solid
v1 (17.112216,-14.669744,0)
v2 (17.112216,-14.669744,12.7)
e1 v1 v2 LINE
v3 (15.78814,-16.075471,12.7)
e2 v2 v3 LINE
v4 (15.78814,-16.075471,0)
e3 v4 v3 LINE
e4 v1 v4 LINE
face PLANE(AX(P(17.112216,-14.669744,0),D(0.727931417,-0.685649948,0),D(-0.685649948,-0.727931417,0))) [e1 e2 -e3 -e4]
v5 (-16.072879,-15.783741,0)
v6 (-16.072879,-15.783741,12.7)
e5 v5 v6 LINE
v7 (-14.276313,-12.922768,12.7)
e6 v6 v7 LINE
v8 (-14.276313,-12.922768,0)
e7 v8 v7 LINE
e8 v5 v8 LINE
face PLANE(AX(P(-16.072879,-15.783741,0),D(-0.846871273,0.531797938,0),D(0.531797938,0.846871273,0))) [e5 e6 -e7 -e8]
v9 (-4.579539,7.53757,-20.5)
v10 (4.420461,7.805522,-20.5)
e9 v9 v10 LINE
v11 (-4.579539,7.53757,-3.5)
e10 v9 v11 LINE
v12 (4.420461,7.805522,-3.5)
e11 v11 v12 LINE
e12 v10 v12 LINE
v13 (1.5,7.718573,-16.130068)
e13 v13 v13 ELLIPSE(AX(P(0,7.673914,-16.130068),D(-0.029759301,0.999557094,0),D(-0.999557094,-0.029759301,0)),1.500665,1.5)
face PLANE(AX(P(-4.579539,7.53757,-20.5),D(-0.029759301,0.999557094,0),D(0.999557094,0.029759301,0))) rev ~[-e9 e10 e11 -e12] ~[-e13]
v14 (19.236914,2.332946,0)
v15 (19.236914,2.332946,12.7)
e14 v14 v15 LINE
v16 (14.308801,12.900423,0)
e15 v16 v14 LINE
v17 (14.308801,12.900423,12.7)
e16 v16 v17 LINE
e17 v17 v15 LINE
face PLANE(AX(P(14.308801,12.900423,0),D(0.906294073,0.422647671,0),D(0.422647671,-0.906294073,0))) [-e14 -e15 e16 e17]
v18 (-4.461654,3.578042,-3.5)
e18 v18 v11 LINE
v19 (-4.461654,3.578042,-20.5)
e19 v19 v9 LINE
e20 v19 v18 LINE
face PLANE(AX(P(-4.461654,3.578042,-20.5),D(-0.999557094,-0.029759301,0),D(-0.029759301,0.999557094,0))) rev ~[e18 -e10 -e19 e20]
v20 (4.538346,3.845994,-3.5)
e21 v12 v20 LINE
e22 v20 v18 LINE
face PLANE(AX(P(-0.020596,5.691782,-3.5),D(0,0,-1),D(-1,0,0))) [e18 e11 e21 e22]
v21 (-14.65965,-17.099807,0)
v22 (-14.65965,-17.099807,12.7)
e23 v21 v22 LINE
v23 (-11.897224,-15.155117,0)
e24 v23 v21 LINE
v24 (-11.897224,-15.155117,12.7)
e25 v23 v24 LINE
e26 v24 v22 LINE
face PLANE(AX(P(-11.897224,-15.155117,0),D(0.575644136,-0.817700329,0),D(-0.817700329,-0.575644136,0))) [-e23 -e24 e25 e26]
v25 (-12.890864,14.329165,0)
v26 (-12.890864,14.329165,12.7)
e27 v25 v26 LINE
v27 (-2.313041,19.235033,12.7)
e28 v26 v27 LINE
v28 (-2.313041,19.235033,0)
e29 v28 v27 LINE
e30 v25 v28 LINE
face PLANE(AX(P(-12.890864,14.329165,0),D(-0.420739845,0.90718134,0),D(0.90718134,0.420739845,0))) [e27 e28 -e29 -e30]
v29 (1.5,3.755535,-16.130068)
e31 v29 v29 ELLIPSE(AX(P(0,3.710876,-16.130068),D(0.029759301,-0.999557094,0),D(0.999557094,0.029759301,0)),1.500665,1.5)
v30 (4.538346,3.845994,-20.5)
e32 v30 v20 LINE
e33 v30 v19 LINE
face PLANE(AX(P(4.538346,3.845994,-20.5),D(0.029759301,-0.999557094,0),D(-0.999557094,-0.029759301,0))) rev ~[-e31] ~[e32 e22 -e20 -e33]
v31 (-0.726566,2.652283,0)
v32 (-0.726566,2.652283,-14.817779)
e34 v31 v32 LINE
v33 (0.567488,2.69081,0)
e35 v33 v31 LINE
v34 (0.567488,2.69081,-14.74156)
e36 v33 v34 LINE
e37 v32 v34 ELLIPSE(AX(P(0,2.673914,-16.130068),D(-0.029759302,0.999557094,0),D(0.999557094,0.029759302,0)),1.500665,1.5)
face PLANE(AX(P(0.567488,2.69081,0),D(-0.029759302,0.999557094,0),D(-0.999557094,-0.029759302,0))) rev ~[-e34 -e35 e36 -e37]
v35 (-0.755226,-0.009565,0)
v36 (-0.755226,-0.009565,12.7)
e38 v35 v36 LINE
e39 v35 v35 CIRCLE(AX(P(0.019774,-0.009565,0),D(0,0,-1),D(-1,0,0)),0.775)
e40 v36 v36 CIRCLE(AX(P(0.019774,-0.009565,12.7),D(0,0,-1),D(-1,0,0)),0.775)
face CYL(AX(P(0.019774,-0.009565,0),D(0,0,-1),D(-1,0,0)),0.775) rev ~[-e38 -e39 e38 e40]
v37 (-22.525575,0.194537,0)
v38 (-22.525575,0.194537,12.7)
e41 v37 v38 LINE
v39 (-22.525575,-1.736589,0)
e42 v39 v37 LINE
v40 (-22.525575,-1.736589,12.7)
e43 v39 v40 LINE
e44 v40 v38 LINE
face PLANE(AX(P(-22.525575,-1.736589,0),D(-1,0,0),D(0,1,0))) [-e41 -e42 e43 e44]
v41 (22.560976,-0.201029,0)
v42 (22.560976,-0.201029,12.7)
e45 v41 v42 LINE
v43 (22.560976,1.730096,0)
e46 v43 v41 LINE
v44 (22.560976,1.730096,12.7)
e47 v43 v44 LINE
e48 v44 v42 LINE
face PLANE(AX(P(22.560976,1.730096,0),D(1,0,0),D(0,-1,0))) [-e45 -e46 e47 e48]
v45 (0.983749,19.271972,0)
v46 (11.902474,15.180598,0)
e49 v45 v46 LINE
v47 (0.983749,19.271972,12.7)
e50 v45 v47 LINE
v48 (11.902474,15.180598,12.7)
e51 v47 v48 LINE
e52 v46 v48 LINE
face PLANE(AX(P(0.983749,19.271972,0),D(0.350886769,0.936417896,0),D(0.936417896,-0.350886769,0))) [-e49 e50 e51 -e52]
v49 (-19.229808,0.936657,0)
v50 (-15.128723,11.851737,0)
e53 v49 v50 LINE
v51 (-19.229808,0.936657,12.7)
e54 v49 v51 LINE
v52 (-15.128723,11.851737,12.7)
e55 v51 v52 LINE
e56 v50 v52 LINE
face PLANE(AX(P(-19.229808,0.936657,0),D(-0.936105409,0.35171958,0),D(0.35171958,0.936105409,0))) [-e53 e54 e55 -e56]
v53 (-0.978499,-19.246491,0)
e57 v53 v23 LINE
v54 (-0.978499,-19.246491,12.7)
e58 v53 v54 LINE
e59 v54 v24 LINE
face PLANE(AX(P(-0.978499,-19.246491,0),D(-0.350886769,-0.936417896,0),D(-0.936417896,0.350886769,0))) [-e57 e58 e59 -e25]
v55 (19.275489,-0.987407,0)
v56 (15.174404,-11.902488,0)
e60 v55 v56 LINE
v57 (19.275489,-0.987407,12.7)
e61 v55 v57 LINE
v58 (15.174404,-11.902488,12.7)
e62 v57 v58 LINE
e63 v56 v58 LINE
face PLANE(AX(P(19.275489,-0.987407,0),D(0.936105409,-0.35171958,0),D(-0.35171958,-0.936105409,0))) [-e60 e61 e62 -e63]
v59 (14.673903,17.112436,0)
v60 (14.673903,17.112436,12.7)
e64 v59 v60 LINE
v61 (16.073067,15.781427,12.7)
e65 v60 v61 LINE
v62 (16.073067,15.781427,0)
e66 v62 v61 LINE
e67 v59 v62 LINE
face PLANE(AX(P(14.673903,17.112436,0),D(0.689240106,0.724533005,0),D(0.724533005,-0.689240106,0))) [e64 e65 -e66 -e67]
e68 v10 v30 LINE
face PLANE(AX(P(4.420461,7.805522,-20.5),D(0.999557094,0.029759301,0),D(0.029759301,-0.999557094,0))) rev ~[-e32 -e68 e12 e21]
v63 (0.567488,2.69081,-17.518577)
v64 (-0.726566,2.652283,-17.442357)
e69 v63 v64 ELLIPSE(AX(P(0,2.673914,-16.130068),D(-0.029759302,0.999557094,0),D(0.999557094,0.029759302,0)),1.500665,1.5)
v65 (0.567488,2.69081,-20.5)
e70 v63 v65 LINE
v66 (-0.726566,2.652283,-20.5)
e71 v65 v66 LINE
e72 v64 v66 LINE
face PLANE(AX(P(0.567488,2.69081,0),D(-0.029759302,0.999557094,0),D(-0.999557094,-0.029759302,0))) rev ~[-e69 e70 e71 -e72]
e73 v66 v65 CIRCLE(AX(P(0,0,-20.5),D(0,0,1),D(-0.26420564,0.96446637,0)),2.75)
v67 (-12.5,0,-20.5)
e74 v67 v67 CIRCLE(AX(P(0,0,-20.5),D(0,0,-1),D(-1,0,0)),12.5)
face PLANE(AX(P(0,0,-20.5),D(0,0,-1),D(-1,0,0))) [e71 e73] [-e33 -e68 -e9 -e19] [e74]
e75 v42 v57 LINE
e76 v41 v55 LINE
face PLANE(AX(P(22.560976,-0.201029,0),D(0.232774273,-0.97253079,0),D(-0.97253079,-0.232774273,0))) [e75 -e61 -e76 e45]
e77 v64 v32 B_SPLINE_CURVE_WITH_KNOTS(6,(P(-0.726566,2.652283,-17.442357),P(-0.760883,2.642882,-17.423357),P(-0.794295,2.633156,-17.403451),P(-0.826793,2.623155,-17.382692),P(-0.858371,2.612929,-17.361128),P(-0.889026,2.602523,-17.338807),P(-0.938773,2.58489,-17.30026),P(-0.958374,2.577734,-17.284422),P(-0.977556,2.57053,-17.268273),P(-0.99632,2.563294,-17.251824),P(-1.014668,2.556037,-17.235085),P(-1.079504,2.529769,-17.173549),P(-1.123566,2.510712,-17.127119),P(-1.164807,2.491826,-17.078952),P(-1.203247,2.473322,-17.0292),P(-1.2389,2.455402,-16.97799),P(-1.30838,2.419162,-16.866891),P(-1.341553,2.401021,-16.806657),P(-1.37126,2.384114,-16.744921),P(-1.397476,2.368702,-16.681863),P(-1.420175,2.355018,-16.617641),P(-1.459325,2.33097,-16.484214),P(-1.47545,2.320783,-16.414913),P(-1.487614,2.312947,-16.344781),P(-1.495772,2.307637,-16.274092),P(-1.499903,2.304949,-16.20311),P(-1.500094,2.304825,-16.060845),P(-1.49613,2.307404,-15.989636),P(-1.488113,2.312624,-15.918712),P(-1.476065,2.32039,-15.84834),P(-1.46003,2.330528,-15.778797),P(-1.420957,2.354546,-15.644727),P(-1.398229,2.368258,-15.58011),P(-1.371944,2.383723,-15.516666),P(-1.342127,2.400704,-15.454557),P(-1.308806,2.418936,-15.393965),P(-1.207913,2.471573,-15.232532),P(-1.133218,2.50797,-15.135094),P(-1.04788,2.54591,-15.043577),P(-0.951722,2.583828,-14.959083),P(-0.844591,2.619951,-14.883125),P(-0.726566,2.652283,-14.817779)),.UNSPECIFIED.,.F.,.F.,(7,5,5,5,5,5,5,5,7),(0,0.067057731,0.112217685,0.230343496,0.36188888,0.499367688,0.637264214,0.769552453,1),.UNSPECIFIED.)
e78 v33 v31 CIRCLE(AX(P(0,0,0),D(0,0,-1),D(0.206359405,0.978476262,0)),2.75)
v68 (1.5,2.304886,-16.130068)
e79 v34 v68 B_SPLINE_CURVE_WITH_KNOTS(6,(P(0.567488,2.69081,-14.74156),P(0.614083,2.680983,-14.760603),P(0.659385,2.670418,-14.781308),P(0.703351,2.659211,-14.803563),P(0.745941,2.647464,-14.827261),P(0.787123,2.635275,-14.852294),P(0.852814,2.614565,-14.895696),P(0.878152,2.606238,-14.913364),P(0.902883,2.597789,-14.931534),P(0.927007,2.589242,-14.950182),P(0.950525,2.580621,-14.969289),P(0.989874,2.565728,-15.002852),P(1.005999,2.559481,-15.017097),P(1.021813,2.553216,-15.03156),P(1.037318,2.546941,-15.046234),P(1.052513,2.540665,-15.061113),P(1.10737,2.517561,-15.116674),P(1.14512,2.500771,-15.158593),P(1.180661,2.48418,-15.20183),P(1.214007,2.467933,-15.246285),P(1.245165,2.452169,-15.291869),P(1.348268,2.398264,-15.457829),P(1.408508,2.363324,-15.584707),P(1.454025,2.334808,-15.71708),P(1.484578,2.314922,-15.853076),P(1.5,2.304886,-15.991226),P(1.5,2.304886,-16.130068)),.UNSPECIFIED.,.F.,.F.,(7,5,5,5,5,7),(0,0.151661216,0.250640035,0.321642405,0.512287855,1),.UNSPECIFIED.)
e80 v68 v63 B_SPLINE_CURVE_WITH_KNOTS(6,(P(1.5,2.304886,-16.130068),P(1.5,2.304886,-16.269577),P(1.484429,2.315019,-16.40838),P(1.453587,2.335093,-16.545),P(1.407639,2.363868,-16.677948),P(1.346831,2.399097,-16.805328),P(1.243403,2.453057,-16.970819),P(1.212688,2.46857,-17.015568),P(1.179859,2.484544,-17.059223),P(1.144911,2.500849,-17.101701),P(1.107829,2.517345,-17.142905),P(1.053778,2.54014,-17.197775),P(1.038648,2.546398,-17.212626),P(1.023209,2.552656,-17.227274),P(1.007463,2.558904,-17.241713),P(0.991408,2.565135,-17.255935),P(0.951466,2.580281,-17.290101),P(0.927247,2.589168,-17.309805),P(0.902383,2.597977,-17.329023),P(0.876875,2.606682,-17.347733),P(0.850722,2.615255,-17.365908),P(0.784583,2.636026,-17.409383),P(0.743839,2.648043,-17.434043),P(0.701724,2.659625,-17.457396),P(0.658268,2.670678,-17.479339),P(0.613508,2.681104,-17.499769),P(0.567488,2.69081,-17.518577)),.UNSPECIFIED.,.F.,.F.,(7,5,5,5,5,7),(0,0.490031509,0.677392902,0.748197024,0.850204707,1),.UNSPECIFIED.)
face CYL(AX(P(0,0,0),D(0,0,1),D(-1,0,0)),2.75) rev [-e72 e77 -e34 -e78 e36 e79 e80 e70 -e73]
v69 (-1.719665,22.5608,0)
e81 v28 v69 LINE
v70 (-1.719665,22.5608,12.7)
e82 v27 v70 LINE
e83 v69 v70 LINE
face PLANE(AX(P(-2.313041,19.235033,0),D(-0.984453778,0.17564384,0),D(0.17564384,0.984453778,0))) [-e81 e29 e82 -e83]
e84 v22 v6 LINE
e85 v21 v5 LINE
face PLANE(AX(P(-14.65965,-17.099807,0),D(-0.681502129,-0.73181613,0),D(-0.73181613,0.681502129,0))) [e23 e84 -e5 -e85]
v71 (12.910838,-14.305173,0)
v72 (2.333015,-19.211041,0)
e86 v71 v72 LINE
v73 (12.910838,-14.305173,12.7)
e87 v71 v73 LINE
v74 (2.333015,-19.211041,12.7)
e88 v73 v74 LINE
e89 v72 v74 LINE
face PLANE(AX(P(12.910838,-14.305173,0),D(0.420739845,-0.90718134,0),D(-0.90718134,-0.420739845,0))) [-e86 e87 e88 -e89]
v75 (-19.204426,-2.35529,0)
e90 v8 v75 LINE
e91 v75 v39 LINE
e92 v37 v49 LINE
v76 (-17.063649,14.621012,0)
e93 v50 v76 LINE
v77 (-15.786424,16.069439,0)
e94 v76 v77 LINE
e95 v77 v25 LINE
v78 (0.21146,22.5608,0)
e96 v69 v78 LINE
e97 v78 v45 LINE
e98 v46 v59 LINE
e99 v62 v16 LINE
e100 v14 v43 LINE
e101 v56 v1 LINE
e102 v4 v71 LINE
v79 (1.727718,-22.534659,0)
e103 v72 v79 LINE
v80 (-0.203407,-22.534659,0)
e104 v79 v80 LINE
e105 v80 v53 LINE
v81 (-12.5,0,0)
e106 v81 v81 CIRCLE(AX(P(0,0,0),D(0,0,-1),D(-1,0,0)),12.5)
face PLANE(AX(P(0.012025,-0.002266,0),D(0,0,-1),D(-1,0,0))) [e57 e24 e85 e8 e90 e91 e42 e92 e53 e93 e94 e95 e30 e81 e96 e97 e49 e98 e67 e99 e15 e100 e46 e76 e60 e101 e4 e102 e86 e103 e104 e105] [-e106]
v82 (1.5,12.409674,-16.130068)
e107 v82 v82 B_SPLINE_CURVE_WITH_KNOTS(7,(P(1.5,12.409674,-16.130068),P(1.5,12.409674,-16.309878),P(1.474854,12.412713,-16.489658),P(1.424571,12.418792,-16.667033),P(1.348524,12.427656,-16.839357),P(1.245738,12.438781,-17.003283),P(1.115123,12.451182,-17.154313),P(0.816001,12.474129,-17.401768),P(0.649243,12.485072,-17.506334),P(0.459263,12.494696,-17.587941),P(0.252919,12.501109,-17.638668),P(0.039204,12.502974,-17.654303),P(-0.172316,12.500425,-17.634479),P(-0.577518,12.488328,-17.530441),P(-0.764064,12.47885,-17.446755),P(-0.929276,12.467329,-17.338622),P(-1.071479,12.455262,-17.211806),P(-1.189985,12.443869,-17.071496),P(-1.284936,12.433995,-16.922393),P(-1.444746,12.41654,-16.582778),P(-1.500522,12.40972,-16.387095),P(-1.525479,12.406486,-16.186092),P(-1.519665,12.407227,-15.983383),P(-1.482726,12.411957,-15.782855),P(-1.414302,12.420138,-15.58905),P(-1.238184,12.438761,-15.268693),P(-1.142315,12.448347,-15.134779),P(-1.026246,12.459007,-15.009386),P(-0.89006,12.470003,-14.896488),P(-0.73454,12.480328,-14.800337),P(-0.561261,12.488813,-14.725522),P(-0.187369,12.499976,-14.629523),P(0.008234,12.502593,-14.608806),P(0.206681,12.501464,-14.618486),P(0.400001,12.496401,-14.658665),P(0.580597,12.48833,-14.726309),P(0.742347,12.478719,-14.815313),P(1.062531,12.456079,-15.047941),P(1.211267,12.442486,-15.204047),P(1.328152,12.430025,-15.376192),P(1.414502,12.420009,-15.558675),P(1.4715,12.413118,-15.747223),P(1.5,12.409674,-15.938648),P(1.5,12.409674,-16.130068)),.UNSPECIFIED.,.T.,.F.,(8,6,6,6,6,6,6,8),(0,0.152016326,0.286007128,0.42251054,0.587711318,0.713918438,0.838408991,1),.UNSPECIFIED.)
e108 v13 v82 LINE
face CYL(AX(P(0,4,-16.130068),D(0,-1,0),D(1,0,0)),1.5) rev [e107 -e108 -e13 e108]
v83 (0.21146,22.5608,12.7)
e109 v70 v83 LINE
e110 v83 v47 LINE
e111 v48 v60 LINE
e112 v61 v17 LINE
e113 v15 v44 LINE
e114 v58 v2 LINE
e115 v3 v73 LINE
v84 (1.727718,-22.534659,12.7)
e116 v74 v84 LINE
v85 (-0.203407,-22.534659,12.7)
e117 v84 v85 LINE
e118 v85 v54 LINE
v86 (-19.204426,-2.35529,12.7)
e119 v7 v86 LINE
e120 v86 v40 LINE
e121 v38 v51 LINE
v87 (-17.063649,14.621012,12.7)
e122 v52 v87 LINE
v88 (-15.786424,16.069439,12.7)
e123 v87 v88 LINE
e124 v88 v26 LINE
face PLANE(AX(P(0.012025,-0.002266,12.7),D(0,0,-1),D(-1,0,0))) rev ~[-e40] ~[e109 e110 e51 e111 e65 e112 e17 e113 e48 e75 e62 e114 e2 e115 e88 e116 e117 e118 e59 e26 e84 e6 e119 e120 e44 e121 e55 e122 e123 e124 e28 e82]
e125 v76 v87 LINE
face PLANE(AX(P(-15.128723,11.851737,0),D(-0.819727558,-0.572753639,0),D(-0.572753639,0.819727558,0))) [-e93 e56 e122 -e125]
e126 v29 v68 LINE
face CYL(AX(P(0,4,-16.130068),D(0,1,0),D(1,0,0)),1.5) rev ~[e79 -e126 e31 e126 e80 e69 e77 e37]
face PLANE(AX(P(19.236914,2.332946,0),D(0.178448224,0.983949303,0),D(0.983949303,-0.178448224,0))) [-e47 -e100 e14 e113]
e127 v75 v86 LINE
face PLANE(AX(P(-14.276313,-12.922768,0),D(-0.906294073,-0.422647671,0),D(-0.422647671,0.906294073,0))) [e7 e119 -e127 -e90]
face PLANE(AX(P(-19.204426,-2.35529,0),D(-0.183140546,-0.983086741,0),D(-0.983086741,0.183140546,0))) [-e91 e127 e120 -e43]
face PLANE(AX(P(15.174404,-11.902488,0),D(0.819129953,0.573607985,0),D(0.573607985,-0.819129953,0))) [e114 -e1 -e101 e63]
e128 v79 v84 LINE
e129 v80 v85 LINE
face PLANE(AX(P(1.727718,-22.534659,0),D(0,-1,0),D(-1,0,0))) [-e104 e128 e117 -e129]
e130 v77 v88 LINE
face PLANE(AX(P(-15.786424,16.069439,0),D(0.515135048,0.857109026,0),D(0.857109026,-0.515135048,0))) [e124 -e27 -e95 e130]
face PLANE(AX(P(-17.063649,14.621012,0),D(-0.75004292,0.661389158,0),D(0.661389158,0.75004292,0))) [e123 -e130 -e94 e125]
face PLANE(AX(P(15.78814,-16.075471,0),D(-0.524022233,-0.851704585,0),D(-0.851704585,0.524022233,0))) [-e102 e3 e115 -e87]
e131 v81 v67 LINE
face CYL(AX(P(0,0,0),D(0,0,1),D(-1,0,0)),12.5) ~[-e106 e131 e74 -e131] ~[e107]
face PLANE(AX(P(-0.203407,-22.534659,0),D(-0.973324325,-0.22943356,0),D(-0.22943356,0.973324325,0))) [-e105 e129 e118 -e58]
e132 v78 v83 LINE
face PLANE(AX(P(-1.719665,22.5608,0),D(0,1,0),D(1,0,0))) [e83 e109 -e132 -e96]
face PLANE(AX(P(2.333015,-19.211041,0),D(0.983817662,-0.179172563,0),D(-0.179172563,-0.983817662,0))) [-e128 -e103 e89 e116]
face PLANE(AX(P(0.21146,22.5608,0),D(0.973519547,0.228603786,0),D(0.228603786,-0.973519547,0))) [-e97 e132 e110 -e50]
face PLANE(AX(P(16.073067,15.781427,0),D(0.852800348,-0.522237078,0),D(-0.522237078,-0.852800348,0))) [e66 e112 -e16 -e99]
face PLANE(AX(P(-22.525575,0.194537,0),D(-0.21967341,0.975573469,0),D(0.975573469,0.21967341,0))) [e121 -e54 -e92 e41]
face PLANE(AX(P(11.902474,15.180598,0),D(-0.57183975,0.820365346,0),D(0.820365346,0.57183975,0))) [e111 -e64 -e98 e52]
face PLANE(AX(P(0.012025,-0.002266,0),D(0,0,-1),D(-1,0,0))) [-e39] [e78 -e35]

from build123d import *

# Parameters (mm, degrees)
BOSS_EXTRUDE1_DEPTH     = 12.7
CUT_EXTRUDE1_REACH      = 14.7
SKETCH2_R               = 0.775
SKETCH4_R               = 12.5
SKETCH4_R_2             = 2.75
BOSS_EXTRUDE3_DEPTH     = 20.5
BOSS_EXTRUDE4_DEPTH     = 20.5
SKETCH5_R               = 1.5
CUT_EXTRUDE2_DEPTH      = 12
CUT_EXTRUDE2_DEPTH_BACK = 2
CUT_EXTRUDE3_DEPTH      = 17


with BuildPart() as part:
    # Sketch1 → Boss-Extrude1 (new body)
    with BuildSketch(Plane(origin=(0, 0, 0), x_dir=(-1, 0, 0), z_dir=(0, 0, -1))):
        Polygon((22.52557458, -1.736588639), (22.52557458, 0.194536921), (19.229808022, 0.93665661), (15.128723263, 11.851737372), (17.063649078, 14.621011813), (15.786423571, 16.069438867), (12.890863827, 14.329165151), (2.313040546, 19.235032954), (1.719665356, 22.560799741), (-0.211460204, 22.560799741), (-0.98374926, 19.271971918), (-11.902473648, 15.180597821), (-14.673902719, 17.112436257), (-16.073066924, 15.781427071), (-14.308800518, 12.900423272), (-19.236913758, 2.332945609), (-22.560976284, 1.730096406), (-22.560976284, -0.201029153), (-19.275488766, -0.987407309), (-15.174404006, -11.902488071), (-17.112216048, -14.669743631), (-15.788139908, -16.075470597), (-12.910837913, -14.305173427), (-2.333014633, -19.21104123), (-1.727718406, -22.534659035), (0.203407153, -22.534659035), (0.978499423, -19.246490729), (11.89722381, -15.155116632), (14.659649692, -17.099807376), (16.072878525, -15.783741196), (14.276312796, -12.922767512), (19.204426036, -2.355289849), align=None)
    extrude(amount=-BOSS_EXTRUDE1_DEPTH)

    # Sketch2 → Cut-Extrude1 (cut, up to next)
    with BuildSketch(Plane(origin=(0, 0, 0), x_dir=(-1, 0, 0), z_dir=(0, 0, -1)), mode=Mode.PRIVATE) as cut_extrude1_sk1:
        with Locations((-0.019773646, -0.00956531)):
            Circle(SKETCH2_R)
    cut_extrude1_tool1 = extrude(cut_extrude1_sk1.sketch, amount=-CUT_EXTRUDE1_REACH, mode=Mode.PRIVATE) & part.part
    add(cut_extrude1_tool1.solids().sort_by_distance((0.019774, -0.009565, 0))[0], mode=Mode.SUBTRACT)

    # Sketch4 → Boss-Extrude3 (add)
    with BuildSketch(Plane(origin=(0, 0, 0), x_dir=(-1, 0, 0), z_dir=(0, 0, -1))):
        Circle(SKETCH4_R)
        Circle(SKETCH4_R_2, mode=Mode.SUBTRACT)
    extrude(amount=BOSS_EXTRUDE3_DEPTH)

    # Sketch4<4> → Boss-Extrude4 (add)
    with BuildSketch(Plane(origin=(0, 0, 0), x_dir=(-1, 0, 0), z_dir=(0, 0, -1))):
        with BuildLine():
            Line((-0.567488363, 2.690809722), (0.726565511, 2.652282518))
            ThreePointArc((0.726565511, 2.652282518), (0.081838079, 2.748782008), (-0.567488363, 2.690809722))
        make_face()
    extrude(amount=BOSS_EXTRUDE4_DEPTH)

    # Sketch5 → Cut-Extrude2 (cut, two sides)
    with BuildSketch(Plane(origin=(0, 4, 0), x_dir=(1, 0, 0), z_dir=(0, 1, 0))) as cut_extrude2_sk:
        with Locations((0, 16.130068411)):
            Circle(SKETCH5_R)
    extrude(amount=CUT_EXTRUDE2_DEPTH, mode=Mode.SUBTRACT)
    extrude(cut_extrude2_sk.sketch, amount=-CUT_EXTRUDE2_DEPTH_BACK, mode=Mode.SUBTRACT)

    # Sketch6 → Cut-Extrude3 (cut)
    with BuildSketch(Plane(origin=(0, 0, -20.5), x_dir=(-1, 0, 0), z_dir=(0, 0, -1))):
        Polygon((4.579538574, 7.537569925), (-4.420461426, 7.805522315), (-4.538346431, 3.845994095), (4.461653569, 3.578041705), align=None)
    extrude(amount=-CUT_EXTRUDE3_DEPTH, mode=Mode.SUBTRACT)


solid = part.part
